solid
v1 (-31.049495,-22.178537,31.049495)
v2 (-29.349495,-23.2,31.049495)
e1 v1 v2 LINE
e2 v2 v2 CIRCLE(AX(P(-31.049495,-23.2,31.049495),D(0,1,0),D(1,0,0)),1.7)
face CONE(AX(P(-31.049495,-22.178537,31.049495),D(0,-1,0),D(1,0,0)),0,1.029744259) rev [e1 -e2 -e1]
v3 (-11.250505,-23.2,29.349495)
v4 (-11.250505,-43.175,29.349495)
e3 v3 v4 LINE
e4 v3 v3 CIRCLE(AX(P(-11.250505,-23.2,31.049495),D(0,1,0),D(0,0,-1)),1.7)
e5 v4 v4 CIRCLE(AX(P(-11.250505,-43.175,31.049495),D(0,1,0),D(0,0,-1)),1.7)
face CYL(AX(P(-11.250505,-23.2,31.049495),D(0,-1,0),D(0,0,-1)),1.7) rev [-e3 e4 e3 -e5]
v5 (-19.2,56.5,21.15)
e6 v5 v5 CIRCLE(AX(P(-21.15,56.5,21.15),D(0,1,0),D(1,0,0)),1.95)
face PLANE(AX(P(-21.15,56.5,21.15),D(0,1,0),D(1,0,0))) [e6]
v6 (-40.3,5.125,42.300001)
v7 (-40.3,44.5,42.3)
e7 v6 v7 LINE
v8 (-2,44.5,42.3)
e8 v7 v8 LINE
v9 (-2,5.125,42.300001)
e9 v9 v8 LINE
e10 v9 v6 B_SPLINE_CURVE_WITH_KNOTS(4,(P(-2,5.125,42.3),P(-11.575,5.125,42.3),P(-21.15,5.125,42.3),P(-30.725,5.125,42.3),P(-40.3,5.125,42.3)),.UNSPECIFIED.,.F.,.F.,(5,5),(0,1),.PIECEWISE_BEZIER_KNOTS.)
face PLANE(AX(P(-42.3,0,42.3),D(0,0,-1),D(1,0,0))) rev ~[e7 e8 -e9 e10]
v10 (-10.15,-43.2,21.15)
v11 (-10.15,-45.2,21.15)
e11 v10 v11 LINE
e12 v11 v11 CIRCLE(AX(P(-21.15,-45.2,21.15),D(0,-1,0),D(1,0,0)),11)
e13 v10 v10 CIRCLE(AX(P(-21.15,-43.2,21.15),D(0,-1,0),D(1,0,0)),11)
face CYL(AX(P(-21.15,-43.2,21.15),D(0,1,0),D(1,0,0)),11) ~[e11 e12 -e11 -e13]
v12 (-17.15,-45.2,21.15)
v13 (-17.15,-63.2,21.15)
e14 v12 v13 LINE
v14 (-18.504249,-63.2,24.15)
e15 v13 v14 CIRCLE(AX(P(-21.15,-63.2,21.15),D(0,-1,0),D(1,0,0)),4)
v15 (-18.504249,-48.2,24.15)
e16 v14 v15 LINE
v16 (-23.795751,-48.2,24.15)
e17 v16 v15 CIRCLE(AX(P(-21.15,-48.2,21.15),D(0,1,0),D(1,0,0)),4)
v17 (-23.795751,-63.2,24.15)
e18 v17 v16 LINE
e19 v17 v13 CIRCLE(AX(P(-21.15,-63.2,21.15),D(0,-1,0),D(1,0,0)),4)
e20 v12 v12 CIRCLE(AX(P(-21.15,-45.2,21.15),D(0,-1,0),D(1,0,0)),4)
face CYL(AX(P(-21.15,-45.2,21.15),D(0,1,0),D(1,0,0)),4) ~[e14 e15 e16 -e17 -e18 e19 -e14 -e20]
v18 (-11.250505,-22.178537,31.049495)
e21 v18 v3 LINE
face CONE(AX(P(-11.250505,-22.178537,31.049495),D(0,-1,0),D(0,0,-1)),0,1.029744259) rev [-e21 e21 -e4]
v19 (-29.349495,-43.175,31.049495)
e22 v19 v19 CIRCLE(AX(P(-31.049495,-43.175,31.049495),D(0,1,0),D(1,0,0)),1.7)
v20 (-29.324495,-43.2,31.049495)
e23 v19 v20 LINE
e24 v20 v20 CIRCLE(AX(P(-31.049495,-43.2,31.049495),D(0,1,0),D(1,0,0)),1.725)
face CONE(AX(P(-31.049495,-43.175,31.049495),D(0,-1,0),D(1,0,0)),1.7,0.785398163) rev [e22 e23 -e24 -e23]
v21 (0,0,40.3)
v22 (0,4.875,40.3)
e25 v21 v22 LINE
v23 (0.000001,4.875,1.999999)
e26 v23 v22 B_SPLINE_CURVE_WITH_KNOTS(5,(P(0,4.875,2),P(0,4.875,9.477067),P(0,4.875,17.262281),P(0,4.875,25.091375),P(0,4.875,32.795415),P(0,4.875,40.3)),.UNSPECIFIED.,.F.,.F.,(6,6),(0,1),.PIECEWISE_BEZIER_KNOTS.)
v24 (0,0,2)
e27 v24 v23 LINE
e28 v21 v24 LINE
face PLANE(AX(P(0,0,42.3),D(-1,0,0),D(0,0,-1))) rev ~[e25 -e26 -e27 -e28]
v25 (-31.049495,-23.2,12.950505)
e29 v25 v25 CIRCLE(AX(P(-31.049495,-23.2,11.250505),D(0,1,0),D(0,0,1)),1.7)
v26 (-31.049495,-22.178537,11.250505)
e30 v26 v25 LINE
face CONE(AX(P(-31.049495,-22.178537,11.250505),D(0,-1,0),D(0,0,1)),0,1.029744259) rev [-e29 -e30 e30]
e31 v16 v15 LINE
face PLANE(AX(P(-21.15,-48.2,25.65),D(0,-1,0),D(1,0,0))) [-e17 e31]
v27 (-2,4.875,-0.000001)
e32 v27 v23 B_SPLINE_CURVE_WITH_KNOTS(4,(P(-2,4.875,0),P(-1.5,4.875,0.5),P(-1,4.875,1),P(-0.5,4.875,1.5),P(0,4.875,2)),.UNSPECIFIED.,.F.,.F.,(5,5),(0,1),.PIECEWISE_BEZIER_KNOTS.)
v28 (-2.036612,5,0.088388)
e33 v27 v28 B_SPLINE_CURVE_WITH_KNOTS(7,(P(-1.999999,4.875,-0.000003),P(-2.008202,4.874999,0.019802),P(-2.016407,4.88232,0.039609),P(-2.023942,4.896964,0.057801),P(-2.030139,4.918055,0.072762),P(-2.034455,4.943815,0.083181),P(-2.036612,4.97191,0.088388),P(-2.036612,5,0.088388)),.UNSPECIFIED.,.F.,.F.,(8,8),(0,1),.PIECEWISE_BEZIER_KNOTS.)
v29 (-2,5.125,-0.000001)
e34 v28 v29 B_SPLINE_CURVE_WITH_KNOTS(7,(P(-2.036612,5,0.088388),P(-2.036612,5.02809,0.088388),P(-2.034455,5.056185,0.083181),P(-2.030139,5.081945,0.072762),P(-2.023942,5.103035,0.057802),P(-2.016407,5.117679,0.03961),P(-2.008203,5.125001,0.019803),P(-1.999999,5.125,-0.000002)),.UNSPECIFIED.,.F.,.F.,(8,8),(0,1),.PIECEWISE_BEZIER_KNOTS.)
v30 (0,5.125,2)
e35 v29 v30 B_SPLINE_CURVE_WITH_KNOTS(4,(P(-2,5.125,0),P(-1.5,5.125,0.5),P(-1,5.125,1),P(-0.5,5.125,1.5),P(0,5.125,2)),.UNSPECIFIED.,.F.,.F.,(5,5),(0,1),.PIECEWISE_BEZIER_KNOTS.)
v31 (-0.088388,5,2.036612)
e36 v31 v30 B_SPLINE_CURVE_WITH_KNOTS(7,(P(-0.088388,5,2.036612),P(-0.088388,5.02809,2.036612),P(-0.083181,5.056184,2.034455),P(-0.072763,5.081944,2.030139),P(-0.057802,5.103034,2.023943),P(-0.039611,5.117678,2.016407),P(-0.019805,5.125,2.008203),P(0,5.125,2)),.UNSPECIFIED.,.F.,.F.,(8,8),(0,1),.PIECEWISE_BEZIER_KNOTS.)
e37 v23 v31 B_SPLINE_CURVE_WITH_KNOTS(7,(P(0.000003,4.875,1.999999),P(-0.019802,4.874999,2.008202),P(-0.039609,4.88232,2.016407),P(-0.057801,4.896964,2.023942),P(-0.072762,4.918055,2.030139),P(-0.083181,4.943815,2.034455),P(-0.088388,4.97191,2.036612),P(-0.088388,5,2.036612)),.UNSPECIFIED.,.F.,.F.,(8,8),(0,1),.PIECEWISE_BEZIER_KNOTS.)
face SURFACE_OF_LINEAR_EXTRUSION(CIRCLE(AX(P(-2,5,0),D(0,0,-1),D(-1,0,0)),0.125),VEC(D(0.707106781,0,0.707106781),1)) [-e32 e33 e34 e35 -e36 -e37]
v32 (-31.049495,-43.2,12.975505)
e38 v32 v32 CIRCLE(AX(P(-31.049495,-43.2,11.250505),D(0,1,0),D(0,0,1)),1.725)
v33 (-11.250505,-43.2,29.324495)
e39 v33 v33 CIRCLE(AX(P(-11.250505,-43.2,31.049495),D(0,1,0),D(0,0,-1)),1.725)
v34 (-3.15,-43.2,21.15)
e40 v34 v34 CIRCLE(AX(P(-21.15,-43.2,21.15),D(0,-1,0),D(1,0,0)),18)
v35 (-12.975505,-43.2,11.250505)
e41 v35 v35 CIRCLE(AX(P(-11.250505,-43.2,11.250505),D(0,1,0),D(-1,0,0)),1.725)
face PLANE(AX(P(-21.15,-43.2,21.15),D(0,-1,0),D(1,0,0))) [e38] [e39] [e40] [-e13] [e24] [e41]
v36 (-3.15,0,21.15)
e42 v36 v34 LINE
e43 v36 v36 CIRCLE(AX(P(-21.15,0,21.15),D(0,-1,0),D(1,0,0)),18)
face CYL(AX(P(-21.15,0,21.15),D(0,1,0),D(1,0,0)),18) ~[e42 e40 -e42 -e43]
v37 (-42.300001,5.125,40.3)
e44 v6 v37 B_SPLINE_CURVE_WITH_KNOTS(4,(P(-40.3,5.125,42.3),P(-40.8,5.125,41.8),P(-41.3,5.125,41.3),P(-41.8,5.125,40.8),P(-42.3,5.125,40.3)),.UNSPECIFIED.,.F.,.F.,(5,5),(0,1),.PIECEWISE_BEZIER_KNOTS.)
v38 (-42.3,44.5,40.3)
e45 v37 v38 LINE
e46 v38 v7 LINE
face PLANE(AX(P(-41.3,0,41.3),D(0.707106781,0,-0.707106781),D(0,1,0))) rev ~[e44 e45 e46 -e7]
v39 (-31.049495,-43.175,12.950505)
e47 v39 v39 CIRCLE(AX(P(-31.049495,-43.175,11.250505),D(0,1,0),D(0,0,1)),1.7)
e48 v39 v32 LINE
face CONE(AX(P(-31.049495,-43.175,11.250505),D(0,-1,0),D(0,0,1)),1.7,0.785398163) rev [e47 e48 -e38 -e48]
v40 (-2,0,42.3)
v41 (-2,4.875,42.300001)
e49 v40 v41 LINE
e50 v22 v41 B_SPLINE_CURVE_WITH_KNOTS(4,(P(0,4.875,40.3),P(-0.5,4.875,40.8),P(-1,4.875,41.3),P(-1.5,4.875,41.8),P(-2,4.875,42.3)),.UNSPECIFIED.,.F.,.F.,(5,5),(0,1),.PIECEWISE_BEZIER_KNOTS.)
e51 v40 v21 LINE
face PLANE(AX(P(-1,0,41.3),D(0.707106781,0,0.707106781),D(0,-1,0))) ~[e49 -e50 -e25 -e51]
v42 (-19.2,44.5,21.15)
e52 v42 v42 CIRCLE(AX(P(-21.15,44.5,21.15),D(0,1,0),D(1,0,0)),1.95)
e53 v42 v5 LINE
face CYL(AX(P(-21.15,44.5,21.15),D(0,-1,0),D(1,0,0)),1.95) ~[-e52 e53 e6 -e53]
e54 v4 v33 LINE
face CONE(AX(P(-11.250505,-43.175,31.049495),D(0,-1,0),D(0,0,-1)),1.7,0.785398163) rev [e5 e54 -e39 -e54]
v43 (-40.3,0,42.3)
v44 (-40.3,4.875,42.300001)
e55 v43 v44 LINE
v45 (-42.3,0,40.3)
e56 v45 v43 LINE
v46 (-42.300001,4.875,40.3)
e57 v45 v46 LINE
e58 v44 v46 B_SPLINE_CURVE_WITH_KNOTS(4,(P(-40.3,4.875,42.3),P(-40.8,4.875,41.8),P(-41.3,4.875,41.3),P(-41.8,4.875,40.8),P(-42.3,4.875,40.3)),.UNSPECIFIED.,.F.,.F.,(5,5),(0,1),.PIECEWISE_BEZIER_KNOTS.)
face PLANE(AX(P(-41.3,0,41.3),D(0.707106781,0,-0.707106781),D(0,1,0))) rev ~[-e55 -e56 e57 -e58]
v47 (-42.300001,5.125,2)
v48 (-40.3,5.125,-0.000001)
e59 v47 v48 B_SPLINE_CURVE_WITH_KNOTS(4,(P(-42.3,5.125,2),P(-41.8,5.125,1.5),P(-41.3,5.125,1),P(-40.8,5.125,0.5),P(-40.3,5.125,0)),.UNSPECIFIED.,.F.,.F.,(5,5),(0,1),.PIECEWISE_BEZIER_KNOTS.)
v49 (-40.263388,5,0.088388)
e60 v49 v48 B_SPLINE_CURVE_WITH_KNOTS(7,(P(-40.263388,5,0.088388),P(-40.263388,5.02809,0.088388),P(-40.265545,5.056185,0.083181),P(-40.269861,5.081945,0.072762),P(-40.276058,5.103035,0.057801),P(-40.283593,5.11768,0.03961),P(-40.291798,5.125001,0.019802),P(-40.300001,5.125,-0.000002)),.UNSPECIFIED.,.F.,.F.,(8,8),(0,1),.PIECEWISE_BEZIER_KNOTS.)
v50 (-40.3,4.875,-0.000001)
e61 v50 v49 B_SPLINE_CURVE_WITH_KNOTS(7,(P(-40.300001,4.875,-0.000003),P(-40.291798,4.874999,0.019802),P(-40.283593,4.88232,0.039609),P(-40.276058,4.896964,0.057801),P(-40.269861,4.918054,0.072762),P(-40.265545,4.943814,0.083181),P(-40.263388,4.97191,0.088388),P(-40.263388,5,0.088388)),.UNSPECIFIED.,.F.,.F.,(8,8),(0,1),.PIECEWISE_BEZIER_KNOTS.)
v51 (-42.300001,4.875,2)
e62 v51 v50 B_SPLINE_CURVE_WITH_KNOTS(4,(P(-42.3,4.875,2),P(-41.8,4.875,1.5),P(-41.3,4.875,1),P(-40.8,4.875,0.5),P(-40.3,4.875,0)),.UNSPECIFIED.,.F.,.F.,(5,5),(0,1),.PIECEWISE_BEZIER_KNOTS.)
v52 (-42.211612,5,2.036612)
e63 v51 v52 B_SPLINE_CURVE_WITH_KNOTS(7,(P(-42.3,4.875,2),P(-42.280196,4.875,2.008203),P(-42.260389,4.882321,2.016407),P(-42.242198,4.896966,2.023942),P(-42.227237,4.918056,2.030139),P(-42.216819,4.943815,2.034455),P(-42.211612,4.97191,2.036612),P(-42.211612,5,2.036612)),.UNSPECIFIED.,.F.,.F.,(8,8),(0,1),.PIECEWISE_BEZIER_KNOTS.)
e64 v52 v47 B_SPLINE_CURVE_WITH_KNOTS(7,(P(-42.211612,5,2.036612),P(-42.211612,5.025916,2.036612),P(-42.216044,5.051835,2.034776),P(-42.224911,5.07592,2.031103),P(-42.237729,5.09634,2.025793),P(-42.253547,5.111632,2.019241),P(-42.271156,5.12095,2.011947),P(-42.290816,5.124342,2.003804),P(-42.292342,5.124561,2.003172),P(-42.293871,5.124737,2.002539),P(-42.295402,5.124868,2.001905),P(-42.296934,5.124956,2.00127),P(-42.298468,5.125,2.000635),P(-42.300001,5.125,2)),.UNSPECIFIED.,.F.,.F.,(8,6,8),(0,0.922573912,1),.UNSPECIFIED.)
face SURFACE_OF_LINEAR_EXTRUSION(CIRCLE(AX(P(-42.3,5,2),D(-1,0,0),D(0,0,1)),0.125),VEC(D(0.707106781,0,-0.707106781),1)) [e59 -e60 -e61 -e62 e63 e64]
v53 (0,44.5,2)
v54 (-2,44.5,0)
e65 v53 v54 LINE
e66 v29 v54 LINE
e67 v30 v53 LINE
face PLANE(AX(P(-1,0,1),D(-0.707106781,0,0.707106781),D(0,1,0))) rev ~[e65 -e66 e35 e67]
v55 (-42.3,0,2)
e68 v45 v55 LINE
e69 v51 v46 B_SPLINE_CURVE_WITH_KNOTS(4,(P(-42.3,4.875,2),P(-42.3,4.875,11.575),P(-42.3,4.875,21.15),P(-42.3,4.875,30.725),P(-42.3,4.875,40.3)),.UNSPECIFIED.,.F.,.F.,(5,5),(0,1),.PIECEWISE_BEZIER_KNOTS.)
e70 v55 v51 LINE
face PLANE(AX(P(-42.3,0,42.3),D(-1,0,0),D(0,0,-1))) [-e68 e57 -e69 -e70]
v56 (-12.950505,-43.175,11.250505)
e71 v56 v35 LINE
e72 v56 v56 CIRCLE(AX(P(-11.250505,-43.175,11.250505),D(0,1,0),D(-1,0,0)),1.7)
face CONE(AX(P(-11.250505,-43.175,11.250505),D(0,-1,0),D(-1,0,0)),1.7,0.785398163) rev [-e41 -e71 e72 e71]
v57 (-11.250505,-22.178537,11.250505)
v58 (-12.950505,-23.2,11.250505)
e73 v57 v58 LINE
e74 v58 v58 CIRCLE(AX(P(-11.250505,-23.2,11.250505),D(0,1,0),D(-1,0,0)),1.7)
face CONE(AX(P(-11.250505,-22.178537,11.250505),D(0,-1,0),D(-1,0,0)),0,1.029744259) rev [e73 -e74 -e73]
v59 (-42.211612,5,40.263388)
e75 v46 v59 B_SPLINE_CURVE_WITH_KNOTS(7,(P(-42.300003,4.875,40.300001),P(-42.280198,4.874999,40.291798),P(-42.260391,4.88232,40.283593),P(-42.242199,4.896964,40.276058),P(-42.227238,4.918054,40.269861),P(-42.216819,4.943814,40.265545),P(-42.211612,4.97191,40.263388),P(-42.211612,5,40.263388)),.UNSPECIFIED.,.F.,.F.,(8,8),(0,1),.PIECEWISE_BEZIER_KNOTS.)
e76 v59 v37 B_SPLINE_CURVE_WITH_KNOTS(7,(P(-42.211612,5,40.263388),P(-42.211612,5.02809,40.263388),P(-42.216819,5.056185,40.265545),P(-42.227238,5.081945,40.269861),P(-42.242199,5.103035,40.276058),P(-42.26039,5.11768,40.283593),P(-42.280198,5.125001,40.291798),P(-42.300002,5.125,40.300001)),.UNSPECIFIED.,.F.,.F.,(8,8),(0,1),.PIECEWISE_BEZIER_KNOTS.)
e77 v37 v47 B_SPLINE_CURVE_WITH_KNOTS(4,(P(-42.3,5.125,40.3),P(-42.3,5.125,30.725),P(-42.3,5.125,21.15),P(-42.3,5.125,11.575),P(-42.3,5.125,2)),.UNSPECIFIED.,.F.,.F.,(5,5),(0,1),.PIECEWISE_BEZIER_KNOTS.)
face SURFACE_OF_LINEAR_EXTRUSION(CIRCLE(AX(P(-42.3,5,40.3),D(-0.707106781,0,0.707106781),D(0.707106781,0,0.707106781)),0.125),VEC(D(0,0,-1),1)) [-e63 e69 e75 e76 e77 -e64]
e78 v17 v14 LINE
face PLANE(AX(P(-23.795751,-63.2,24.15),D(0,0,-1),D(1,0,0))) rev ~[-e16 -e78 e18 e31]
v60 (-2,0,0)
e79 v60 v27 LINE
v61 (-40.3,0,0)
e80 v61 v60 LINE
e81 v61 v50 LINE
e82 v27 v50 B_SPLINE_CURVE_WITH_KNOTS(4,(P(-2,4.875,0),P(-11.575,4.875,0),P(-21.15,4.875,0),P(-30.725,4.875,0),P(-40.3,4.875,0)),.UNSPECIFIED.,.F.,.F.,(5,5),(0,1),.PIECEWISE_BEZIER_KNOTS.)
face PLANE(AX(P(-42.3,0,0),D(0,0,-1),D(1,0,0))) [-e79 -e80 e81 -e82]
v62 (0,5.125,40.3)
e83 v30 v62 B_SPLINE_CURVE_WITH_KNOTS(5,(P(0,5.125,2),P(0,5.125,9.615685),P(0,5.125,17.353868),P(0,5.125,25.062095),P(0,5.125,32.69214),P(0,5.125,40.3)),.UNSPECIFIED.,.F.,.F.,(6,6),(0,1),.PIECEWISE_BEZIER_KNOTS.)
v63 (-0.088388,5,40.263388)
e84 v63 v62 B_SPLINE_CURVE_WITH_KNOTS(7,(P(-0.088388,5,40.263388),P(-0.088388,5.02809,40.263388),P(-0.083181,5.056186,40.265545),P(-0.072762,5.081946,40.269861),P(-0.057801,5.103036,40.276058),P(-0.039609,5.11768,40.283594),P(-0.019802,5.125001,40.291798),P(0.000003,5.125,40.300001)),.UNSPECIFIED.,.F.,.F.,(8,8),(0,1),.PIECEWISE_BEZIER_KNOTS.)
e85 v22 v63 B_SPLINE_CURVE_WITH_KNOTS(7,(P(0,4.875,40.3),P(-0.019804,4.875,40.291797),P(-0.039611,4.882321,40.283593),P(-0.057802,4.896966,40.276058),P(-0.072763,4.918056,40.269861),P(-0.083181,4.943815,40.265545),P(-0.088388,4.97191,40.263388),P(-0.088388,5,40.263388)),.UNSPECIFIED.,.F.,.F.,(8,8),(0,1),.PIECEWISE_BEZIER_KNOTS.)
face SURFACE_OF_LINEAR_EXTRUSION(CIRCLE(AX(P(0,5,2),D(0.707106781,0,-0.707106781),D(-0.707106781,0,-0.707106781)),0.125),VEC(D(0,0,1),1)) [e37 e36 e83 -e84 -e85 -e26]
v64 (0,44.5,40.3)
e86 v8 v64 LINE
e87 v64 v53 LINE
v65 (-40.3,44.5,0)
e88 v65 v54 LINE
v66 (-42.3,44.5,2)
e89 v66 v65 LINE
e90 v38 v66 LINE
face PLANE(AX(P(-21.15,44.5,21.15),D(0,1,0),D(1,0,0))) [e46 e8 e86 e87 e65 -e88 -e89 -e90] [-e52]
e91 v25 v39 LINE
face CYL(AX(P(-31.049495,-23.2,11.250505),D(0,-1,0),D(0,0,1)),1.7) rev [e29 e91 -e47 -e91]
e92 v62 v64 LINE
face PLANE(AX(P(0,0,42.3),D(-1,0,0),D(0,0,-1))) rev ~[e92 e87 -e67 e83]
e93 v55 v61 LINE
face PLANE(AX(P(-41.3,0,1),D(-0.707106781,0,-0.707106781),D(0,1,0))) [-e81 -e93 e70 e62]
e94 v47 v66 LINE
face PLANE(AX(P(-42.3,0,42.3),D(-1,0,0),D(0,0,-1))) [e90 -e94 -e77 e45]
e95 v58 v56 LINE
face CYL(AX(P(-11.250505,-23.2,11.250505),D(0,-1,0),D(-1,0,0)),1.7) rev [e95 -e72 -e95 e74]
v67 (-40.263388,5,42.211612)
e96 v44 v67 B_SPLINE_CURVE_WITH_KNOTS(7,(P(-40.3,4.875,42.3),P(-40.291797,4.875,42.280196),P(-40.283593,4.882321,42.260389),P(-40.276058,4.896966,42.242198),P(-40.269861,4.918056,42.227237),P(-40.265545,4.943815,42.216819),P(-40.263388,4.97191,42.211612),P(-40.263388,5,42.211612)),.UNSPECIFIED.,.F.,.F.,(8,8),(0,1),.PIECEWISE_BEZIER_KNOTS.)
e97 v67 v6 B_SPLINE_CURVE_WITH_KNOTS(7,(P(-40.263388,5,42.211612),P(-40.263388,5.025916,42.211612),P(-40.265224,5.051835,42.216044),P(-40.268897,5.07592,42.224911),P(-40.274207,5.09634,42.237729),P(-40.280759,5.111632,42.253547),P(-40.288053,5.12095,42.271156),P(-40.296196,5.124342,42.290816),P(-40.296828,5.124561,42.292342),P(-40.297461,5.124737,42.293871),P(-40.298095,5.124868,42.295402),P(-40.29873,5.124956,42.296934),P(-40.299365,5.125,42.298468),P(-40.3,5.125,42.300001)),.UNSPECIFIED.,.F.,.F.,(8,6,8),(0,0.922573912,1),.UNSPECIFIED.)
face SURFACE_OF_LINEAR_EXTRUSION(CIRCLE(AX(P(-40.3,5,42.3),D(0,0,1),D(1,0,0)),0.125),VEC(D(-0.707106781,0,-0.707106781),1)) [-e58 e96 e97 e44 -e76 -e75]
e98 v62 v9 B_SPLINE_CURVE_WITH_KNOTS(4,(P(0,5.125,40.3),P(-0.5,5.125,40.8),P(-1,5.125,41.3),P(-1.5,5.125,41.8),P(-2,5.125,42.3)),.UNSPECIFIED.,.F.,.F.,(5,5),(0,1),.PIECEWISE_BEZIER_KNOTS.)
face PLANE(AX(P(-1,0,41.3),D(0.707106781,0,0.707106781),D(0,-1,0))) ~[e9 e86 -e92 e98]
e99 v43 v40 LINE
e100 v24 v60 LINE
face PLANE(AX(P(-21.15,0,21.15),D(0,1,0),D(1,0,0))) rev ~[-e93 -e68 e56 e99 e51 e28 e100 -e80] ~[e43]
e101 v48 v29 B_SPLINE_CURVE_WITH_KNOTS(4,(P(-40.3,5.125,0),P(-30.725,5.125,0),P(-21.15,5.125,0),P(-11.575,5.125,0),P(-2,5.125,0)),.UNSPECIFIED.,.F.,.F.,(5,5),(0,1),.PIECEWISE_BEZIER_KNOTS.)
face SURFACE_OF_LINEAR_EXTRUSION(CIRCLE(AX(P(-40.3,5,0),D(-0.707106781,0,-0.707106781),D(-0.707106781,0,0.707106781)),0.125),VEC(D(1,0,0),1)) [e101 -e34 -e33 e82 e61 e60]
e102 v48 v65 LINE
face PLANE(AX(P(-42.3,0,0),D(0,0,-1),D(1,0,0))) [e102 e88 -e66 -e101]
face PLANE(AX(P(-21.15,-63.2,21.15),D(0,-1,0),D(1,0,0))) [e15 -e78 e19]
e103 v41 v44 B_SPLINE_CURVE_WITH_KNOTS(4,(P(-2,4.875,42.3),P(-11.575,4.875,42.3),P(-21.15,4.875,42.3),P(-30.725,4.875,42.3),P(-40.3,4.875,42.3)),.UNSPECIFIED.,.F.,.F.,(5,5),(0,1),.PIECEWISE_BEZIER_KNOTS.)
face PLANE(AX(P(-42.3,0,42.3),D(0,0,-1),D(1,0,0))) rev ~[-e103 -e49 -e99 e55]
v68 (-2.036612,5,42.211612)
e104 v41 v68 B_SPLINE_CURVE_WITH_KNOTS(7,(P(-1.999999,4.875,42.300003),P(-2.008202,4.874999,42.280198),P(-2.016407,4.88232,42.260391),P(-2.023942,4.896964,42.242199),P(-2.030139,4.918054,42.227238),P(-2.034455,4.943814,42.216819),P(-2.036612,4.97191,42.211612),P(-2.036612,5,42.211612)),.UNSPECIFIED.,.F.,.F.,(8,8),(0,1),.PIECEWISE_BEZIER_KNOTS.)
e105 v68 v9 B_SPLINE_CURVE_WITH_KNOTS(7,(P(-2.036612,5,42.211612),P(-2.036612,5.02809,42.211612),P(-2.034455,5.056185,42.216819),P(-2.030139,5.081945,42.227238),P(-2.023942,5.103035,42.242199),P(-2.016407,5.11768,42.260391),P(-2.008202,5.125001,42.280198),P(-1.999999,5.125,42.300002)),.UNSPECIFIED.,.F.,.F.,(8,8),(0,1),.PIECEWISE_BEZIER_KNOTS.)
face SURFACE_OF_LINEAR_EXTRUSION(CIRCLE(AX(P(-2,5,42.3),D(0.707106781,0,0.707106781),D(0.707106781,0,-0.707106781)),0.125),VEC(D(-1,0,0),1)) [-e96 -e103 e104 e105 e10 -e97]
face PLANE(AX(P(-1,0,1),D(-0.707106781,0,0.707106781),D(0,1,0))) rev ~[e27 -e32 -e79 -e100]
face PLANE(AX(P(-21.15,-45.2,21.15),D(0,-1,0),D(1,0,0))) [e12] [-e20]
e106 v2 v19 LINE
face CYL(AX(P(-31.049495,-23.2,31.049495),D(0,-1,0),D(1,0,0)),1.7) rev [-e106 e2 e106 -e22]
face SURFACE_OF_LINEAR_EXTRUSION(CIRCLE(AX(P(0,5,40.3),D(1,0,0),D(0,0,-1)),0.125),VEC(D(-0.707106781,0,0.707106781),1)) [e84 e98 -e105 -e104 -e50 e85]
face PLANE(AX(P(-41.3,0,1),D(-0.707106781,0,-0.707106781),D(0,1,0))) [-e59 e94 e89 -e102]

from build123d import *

# Parameters (mm, degrees)
SKETCH1_W           = 42.3
SKETCH1_H           = 42.3
BOSS_EXTRUDE1_DEPTH = 44.5
CHAMFER1_SIZE       = 2
SKETCH3_R           = 1.95
BOSS_EXTRUDE2_DEPTH = 12
SKETCH4_R           = 18
BOSS_EXTRUDE3_DEPTH = 43.2
SKETCH6_R           = 0.125
SKETCH7_R           = 11
BOSS_EXTRUDE4_DEPTH = 2
SKETCH9_R           = 4
BOSS_EXTRUDE5_DEPTH = 18
SKETCH10_W          = 5.291502622
SKETCH10_H          = 3
CUT_EXTRUDE1_DEPTH  = 15
CIRPATTERN1_COUNT   = 4


with BuildPart() as part:
    # Sketch1 → Boss-Extrude1 (new body)
    with BuildSketch(Plane(origin=(0, 0, 0), x_dir=(1, 0, 0), z_dir=(0, 1, 0))):
        with Locations((-21.15, -21.15)):
            Rectangle(SKETCH1_W, SKETCH1_H)
    extrude(amount=BOSS_EXTRUDE1_DEPTH)

    # Chamfer1
    chamfer1_edges = [part.edges().sort_by_distance(p)[0] for p in [
        (0, 22.25, 42.3),
        (-42.3, 22.25, 42.3),
        (-42.3, 22.25, 0),
        (0, 22.25, 0),
    ]]
    chamfer(chamfer1_edges, length=CHAMFER1_SIZE)

    # Sketch3 → Boss-Extrude2 (add)
    with BuildSketch(Plane(origin=(0, 44.5, 0), x_dir=(1, 0, 0), z_dir=(0, 1, 0))):
        with Locations((-21.15, -21.15)):
            Circle(SKETCH3_R)
    extrude(amount=BOSS_EXTRUDE2_DEPTH)

    # Sketch4 → Boss-Extrude3 (add)
    with BuildSketch(Plane.XZ):
        with Locations((-21.15, 21.15)):
            Circle(SKETCH4_R)
    extrude(amount=BOSS_EXTRUDE3_DEPTH)

    # Cut-Sweep2: sweep along a path in Sketch5
    with BuildLine(Plane(origin=(0, 5, 0), x_dir=(-1, 0, 0), z_dir=(0, -1, 0))) as cut_sweep2_path:
        Line((2, 0), (0, -2))
        Line((0, -2), (0, -40.3))
        Line((0, -40.3), (2, -42.3))
        Line((2, -42.3), (40.3, -42.3))
        Line((40.3, -42.3), (42.3, -40.3))
        Line((42.3, -40.3), (42.3, -2))
        Line((42.3, -2), (40.3, 0))
        Line((40.3, 0), (2, 0))
    # Sketch6 → Cut-Sweep2 (sweep, cut)
    with BuildSketch(Plane(origin=(0, 0, 0), x_dir=(0, 0, -1), z_dir=(1, 0, 0))):
        with Locations((-40.3, 5)):
            Circle(SKETCH6_R)
    sweep(path=cut_sweep2_path.line, transition=Transition.RIGHT, mode=Mode.SUBTRACT)

    # Sketch7 → Boss-Extrude4 (add)
    with BuildSketch(Plane.XZ.offset(43.2)):
        with Locations((-21.15, 21.15)):
            Circle(SKETCH7_R)
    extrude(amount=BOSS_EXTRUDE4_DEPTH)

    # Sketch9 → Boss-Extrude5 (add)
    with BuildSketch(Plane.XZ.offset(45.2)):
        with Locations((-21.15, 21.15)):
            Circle(SKETCH9_R)
    extrude(amount=BOSS_EXTRUDE5_DEPTH)

    # Sketch10 → Cut-Extrude1 (cut)
    with BuildSketch(Plane.XZ.offset(63.2)):
        with Locations((-21.15, 25.65)):
            Rectangle(SKETCH10_W, SKETCH10_H)
    extrude(amount=-CUT_EXTRUDE1_DEPTH, mode=Mode.SUBTRACT)

    # Sketch13 → M3 Clearance Hole1 (revolve, cut)
    with BuildSketch(Plane(origin=(-11.250505063, -43.2, 31.049494937), x_dir=(0, 0, -1), z_dir=(1, 0, 0))):
        Polygon((0, 0), (0, 21.021463052), (1.7, 20), (1.7, 0.025), (1.725, 0), align=None)
    m3_clearance_hole1 = revolve(axis=Axis((-11.250505063, -49.55, 31.049494937), (0, 1, 0)), mode=Mode.SUBTRACT)

    # CirPattern1: M3 Clearance Hole1 ×4 about axis
    cirpattern1_axis = Axis((-21.15, 0, 21.15), (0, 1, 0))
    for i in range(1, CIRPATTERN1_COUNT):
        add(m3_clearance_hole1.rotate(cirpattern1_axis, i * 360 / CIRPATTERN1_COUNT), mode=Mode.SUBTRACT)


solid = part.part
